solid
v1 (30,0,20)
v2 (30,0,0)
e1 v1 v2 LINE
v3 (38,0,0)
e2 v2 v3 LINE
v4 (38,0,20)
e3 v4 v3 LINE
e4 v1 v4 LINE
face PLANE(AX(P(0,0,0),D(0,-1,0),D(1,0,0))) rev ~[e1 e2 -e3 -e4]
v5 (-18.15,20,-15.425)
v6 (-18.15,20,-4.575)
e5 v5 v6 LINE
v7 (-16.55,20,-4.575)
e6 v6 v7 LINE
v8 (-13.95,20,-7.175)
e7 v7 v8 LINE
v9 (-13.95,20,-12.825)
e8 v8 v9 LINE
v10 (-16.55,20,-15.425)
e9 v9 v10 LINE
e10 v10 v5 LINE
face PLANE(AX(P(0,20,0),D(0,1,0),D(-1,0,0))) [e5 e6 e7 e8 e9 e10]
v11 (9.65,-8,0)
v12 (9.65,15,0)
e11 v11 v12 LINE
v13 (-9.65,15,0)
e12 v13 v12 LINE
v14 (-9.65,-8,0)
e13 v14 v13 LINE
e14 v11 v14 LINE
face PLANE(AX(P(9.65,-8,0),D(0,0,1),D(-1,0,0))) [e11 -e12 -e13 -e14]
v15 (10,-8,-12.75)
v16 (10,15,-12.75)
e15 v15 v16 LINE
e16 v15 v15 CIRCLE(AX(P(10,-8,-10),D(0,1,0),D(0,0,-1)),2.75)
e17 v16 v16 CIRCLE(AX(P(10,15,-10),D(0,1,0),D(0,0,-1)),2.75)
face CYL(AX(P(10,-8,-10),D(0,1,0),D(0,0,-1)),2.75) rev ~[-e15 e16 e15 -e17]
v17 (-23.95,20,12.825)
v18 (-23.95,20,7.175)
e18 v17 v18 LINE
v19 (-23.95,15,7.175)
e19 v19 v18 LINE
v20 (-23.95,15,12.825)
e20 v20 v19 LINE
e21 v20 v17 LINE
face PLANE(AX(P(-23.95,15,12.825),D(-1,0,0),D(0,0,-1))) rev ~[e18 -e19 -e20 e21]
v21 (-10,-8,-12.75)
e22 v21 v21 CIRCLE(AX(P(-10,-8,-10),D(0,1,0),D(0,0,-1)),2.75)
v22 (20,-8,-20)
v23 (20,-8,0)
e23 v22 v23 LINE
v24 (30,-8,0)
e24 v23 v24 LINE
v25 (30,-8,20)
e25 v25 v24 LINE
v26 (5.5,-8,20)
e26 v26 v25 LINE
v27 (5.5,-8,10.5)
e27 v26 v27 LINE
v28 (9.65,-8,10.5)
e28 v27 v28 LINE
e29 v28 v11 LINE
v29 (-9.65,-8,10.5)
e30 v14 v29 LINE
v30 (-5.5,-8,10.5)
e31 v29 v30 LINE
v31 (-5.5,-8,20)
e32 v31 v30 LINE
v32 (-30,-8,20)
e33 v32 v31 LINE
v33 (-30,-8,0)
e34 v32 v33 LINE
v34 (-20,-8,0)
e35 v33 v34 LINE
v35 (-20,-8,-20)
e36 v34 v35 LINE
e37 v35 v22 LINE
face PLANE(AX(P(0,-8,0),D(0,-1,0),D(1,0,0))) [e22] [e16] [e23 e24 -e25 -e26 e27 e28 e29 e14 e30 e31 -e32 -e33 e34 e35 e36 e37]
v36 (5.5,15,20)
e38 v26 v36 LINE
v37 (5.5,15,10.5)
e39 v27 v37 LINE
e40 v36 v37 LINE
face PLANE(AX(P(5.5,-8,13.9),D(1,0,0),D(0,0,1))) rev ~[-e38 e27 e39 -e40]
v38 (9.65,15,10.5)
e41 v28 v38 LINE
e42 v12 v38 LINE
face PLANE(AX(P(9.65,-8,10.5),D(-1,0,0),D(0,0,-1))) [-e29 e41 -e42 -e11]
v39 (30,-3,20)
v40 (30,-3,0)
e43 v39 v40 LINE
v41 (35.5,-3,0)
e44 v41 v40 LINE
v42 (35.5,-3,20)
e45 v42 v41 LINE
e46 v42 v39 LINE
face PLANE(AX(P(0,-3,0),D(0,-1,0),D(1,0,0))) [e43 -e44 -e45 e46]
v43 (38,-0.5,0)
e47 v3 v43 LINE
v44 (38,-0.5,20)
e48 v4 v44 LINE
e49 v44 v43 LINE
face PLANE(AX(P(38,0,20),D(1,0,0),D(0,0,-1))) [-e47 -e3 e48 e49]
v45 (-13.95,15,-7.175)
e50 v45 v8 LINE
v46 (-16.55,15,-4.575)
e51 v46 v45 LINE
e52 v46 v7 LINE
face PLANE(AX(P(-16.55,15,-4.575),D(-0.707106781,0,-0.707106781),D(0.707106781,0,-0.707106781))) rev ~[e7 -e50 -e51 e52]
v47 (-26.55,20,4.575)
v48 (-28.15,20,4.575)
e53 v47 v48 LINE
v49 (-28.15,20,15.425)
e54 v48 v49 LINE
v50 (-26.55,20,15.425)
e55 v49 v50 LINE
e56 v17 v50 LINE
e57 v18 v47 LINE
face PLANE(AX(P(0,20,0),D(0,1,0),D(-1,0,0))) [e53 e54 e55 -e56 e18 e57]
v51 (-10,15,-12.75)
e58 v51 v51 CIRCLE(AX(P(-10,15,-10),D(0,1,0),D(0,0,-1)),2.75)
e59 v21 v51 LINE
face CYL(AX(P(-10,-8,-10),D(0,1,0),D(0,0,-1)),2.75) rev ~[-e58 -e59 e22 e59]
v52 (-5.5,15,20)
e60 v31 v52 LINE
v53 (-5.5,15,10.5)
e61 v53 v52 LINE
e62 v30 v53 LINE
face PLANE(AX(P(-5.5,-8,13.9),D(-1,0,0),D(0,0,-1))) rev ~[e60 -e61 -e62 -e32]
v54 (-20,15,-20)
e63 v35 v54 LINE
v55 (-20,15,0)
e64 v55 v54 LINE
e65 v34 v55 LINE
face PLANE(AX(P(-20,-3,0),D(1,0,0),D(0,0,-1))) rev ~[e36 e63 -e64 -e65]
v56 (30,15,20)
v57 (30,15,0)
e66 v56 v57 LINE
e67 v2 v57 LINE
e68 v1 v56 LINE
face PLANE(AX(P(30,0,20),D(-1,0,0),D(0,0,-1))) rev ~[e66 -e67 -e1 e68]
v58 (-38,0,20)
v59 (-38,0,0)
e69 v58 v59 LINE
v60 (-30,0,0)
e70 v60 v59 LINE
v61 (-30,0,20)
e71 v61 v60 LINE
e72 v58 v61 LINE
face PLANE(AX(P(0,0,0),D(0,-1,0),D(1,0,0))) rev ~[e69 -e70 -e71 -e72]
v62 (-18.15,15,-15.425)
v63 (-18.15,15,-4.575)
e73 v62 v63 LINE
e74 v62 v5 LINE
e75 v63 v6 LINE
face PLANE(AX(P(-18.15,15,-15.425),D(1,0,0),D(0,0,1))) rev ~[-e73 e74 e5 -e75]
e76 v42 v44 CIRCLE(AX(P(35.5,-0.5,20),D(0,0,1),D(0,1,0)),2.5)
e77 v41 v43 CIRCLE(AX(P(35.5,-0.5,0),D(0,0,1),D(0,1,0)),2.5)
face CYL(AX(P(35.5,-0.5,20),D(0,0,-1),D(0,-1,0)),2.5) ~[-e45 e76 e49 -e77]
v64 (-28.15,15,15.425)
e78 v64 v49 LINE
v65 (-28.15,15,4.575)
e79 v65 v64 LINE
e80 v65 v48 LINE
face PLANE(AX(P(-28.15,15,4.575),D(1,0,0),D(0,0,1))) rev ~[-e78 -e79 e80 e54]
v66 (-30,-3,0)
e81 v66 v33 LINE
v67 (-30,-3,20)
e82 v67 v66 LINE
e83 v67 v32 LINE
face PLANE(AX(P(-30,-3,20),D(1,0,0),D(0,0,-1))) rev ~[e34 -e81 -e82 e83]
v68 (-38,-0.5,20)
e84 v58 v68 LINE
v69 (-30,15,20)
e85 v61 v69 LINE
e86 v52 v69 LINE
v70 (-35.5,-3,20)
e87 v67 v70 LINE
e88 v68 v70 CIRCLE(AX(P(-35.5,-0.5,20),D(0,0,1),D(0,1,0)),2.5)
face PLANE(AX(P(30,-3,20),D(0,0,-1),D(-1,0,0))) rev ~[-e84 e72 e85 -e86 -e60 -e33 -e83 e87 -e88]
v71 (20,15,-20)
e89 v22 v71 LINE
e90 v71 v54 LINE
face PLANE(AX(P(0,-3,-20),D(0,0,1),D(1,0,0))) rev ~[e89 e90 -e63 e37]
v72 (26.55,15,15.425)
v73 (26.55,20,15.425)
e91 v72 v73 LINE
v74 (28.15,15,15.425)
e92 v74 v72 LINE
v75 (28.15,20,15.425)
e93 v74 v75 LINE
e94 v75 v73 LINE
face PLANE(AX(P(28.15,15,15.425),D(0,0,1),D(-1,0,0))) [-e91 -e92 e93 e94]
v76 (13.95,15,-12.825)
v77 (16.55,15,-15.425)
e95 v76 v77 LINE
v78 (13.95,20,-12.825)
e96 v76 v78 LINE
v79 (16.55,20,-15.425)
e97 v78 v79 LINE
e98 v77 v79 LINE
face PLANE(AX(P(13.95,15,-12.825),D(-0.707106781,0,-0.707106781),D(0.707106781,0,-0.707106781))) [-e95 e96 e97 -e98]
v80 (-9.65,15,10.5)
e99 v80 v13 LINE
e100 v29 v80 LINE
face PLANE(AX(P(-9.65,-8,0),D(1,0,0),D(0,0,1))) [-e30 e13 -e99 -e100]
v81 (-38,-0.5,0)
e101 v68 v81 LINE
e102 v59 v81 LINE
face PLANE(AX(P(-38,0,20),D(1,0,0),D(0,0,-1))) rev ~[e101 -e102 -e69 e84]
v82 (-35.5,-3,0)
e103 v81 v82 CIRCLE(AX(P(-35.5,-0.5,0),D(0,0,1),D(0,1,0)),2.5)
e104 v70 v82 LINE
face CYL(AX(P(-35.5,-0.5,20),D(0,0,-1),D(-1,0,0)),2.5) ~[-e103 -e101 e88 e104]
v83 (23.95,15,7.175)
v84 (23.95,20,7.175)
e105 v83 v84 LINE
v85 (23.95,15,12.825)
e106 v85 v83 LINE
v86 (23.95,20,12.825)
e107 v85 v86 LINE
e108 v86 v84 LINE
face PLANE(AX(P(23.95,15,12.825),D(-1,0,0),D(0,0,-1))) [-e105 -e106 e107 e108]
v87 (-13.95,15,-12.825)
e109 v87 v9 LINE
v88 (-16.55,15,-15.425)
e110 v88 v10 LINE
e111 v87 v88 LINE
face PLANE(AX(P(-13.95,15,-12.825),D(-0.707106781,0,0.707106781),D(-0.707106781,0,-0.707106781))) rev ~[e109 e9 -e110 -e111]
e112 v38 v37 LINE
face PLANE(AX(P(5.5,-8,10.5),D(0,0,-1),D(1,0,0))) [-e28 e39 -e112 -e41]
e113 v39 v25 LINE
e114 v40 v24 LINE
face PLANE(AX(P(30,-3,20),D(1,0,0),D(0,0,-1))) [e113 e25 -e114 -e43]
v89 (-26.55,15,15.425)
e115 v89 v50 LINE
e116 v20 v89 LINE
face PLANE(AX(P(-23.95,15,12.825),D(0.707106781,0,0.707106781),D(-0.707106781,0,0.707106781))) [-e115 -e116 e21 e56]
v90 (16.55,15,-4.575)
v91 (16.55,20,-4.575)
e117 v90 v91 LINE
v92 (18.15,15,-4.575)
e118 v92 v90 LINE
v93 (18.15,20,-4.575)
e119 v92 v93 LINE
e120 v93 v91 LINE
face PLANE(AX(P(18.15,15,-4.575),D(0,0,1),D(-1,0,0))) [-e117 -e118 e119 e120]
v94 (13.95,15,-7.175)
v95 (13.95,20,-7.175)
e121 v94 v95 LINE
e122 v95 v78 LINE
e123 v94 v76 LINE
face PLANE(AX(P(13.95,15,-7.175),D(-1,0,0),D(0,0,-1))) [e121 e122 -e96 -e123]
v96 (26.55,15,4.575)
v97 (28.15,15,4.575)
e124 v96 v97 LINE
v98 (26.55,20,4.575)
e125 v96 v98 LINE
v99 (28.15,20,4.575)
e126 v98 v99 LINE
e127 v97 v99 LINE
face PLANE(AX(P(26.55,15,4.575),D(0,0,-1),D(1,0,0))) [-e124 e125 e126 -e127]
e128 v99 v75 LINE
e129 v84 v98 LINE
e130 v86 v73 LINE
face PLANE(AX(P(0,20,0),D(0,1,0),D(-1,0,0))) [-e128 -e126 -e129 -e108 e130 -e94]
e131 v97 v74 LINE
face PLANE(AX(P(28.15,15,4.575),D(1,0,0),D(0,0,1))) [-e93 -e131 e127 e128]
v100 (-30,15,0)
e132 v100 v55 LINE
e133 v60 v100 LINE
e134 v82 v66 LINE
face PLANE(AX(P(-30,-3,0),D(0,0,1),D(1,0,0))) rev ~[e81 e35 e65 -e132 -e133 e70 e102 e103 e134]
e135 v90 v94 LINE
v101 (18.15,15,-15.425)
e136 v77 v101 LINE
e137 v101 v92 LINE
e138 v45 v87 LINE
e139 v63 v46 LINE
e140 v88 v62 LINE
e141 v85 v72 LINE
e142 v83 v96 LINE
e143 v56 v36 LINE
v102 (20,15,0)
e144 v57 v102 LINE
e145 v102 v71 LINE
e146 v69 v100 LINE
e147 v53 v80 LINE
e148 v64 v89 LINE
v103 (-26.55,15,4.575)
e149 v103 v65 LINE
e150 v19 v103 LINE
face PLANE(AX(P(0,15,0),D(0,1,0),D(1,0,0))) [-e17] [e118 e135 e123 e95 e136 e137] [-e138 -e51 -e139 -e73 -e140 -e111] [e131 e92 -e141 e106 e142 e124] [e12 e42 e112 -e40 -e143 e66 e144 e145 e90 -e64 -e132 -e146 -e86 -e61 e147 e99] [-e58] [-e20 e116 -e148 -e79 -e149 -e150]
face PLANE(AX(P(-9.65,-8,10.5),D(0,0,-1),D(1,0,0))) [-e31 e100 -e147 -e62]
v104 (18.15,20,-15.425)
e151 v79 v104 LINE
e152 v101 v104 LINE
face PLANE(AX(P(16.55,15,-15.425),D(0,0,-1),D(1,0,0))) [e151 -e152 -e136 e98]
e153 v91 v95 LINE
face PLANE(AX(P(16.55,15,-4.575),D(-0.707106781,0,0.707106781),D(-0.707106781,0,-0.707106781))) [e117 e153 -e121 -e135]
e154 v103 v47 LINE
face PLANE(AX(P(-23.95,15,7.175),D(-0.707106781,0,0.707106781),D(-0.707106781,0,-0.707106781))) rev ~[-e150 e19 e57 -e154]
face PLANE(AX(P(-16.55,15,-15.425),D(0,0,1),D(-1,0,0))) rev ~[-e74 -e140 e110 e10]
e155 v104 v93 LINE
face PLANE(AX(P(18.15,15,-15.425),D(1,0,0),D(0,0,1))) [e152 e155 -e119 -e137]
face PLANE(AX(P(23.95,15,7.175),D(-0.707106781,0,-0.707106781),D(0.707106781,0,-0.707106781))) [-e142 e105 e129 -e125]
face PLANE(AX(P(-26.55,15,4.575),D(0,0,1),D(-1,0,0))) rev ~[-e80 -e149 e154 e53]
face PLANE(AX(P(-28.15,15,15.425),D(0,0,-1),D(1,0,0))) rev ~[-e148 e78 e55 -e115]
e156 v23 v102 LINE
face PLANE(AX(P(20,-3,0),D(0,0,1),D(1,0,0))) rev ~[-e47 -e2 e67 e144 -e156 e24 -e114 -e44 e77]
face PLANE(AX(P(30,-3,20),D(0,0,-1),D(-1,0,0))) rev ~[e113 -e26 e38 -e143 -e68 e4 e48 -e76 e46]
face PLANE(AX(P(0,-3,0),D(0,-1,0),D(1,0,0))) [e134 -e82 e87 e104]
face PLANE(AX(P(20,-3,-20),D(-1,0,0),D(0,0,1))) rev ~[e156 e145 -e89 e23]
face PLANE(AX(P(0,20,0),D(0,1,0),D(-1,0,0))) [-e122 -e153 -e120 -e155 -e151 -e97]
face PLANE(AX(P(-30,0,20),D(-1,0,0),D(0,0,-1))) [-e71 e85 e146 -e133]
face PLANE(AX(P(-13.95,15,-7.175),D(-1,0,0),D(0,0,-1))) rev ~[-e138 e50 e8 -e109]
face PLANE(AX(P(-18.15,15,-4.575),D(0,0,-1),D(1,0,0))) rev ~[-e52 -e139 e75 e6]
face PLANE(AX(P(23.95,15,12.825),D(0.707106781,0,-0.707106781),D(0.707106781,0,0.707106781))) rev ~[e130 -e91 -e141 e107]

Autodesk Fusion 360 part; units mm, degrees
sketch "Sketch1" plane through (0, 0, 0) normal (0, 1, 0) x (1, 0, 0)
  line L0 (0, 0) -> (0, -20) construction
  line L1 (0, -20) -> (30, -20)
  line L2 (30, -20) -> (30, 0)
  line L3 (30, 0) -> (20, 0)
  line L4 (20, 0) -> (20, 20)
  line L5 (20, 20) -> (0, 20)
  line L6 (-20, 0) -> (-20, 20)
  line L7 (-30, 0) -> (-20, 0)
  line L8 (-30, -20) -> (-30, 0)
  line L9 (-20, 20) -> (0, 20)
  line L10 (0, -20) -> (-30, -20)
  dimension "d1" = 20
  dimension "d2" = 30
extrude "Extrude1" add sketch "Sketch1" along normal blind 15
sketch "Sketch2" plane through (0, 0, 0) normal (0, -1, 0) x (1, 0, 0)
  line L0 (30, 0) -> (30, 20)
  line L1 (30, 20) -> (-30, 20)
  line L2 (-30, 20) -> (-30, 0)
  line L3 (-30, 0) -> (-20, 0)
  line L4 (-20, 0) -> (-20, -20)
  line L5 (-20, -20) -> (20, -20)
  line L6 (20, -20) -> (20, 0)
  line L7 (20, 0) -> (30, 0)
  line L8 (30, 20) -> (38, 20)
  line L9 (38, 20) -> (38, 0)
  line L10 (38, 0) -> (30, 0)
  line L11 (30, 0) -> (30, 20)
  line L12 (-30, 20) -> (-38, 20)
  line L13 (-38, 20) -> (-38, 0)
  line L14 (-38, 0) -> (-30, 0)
  line L15 (-30, 0) -> (-30, 20)
  dimension "d5" = 8
  dimension "d6" = 8
  dimension "d7" = 20
extrude "Extrude2" add sketch "Sketch2" along normal blind 3
sketch "Sketch3" plane through (0, -3, 0) normal (0, -1, 0) x (1, 0, 0)
  line L0 (38, 20) -> (-38, 20)
  line L1 (-38, 20) -> (-38, 0)
  line L2 (-38, 0) -> (-20, 0)
  line L3 (-20, 0) -> (-20, -20)
  line L4 (-20, -20) -> (20, -20)
  line L5 (20, -20) -> (20, 0)
  line L6 (20, 0) -> (38, 0)
  line L7 (38, 0) -> (38, 20)
  line L8 (-30, 20) -> (-30, 0)
  line L9 (0, 20) -> (-30, 20)
  line L10 (30, 20) -> (30, 0)
  line L11 (0, 20) -> (30, 20)
  line L12 (30, 0) -> (20, 0)
  line L13 (20, 0) -> (20, -20)
  line L14 (20, -20) -> (0, -20)
  line L15 (-20, -20) -> (0, -20)
  line L16 (-20, 0) -> (-20, -20)
  line L17 (-30, 0) -> (-20, 0)
extrude "Extrude3" add sketch "Sketch3" along normal blind 5 contours L0 L2 L3 L4 L5 L6 L8 L9 L10 L11 L12 L13 L14 L15 L16 L17
fillet "Fillet1" radius 2.5 2 edges at (38, -3, 10) (-38, -3, 10)
sketch "Sketch4" plane through (0, -8, 0) normal (0, -1, 0) x (1, 0, 0)
  line L0 (30, 20) -> (-30, 20)
  line L1 (-30, 20) -> (-30, 0)
  line L2 (-30, 0) -> (-20, 0)
  line L3 (-20, 0) -> (-20, -20)
  line L4 (-20, -20) -> (20, -20)
  line L5 (20, -20) -> (20, 0)
  line L6 (20, 0) -> (30, 0)
  line L7 (30, 0) -> (30, 20)
  line L8 (-20, -10) -> (20, -10) construction
  line L9 (20, 0) -> (20, -20)
  line L10 (-5.5, 20) -> (0, 20)
  line L11 (0, 20) -> (0, 13.9)
  line L12 (0, 13.9) -> (-5.5, 13.9)
  line L13 (-5.5, 13.9) -> (-5.5, 20)
  line L14 (0, 13.9) -> (5.5, 13.9)
  line L15 (5.5, 13.9) -> (5.5, 20)
  line L16 (5.5, 20) -> (0, 20)
  line L17 (14.8575, 20) -> (-15.1425, 20)
  line L18 (-15.1425, 20) -> (-15.1425, 10.5)
  line L19 (-15.1425, 10.5) -> (14.8575, 10.5)
  line L20 (14.8575, 10.5) -> (14.8575, 20)
  line L21 (14.8575, 20) -> (-15.1425, 10.5) construction
  line L22 (-15.1425, 20) -> (14.8575, 10.5) construction
  line L23 (9.65, 0) -> (-9.65, 0)
  line L24 (-9.65, 0) -> (-9.65, 10.5)
  line L25 (-9.65, 10.5) -> (9.65, 10.5)
  line L26 (9.65, 10.5) -> (9.65, 0)
  line L27 (9.65, 0) -> (-9.65, 10.5) construction
  line L28 (-9.65, 0) -> (9.65, 10.5) construction
  line L29 (5.5, 13.9) -> (14.8575, 13.9)
  line L30 (-15.1425, 13.9) -> (-5.5, 13.9)
  line L31 (-5.5, 13.9) -> (-5.5, 10.5)
  line L32 (5.5, 13.9) -> (5.5, 10.5)
  point P0 (-10, -10)
  point P1 (10, -10)
  point P2 (-0.1425, 15.25)
  point P3 (0, 5.25)
  dimension "d14" = 10
  dimension "d15" = 10
  dimension "d19" = 5.5
  dimension "d20" = 6.1
  dimension "d21" = 24.5
  dimension "d37" = 30
  dimension "d38" = 9.5
  dimension "d39" = 19.3
  dimension "d40" = 10.5
hole "Hole1" at (10, -8, -10) at (-10, -8, -10) direction (0, 1, 0) diameter 5.5 end through all
extrude "Extrude4" cut sketch "Sketch4" against normal through all contours L0 L11 L14 L15 L16 L17 | L0 L10 L11 L12 L13 L17 | L12 L14 L19 L25 L31 L32 | L19 L23 L24 L25 L26
sketch "Sketch5" plane through (0, 15, 0) normal (0, 1, 0) x (-1, 0, 0)
  line L0 (-5.5, 20) -> (-30, 20)
  line L1 (-30, 20) -> (-30, 0)
  line L2 (-30, 0) -> (-20, 0)
  line L3 (-20, 0) -> (-20, -20)
  line L4 (-20, -20) -> (20, -20)
  line L5 (20, -20) -> (20, 0)
  line L6 (20, 0) -> (30, 0)
  line L7 (30, 0) -> (30, 20)
  line L8 (30, 20) -> (5.5, 20)
  circle A0 centre (-10, -10) radius 2.75
  circle A1 centre (10, -10) radius 2.75
  line L9 (0, 13.9) -> (0, -20) construction
  line L10 (-20, -10) -> (20, -10) construction
  line L11 (-16.55, -15.425) -> (-18.15, -15.425)
  line L12 (-18.15, -15.425) -> (-18.15, -4.575)
  line L13 (-18.15, -4.575) -> (-16.55, -4.575)
  line L14 (-16.55, -4.575) -> (-16.55, -15.425)
  line L15 (-16.55, -15.425) -> (-18.15, -4.575) construction
  line L16 (-18.15, -15.425) -> (-16.55, -4.575) construction
  line L17 (-13.95, -12.825) -> (-16.55, -12.825)
  line L18 (-16.55, -12.825) -> (-16.55, -7.175)
  line L19 (-16.55, -7.175) -> (-13.95, -7.175)
  line L20 (-13.95, -7.175) -> (-13.95, -12.825)
  line L21 (-13.95, -12.825) -> (-16.55, -7.175) construction
  line L22 (-16.55, -12.825) -> (-13.95, -7.175) construction
  line L23 (-16.55, -4.575) -> (-13.95, -7.175)
  line L24 (-13.95, -12.825) -> (-16.55, -15.425)
  line L25 (18.15, -4.575) -> (16.55, -4.575)
  line L26 (16.55, -4.575) -> (13.95, -7.175)
  line L27 (13.95, -7.175) -> (13.95, -12.825)
  line L28 (13.95, -12.825) -> (16.55, -15.425)
  line L29 (16.55, -15.425) -> (18.15, -15.425)
  line L30 (18.15, -15.425) -> (18.15, -4.575)
  line L31 (-30, 10) -> (30, 10) construction
  line L32 (-26.55, 4.575) -> (-28.15, 4.575)
  line L33 (-28.15, 4.575) -> (-28.15, 15.425)
  line L34 (-28.15, 15.425) -> (-26.55, 15.425)
  line L35 (-26.55, 15.425) -> (-26.55, 4.575)
  line L36 (-26.55, 4.575) -> (-28.15, 15.425) construction
  line L37 (-28.15, 4.575) -> (-26.55, 15.425) construction
  line L38 (-23.95, 7.175) -> (-26.55, 7.175)
  line L39 (-26.55, 7.175) -> (-26.55, 12.825)
  line L40 (-26.55, 12.825) -> (-23.95, 12.825)
  line L41 (-23.95, 12.825) -> (-23.95, 7.175)
  line L42 (-23.95, 7.175) -> (-26.55, 12.825) construction
  line L43 (-26.55, 7.175) -> (-23.95, 12.825) construction
  line L44 (-23.95, 12.825) -> (-26.55, 15.425)
  line L45 (-23.95, 7.175) -> (-26.55, 4.575)
  line L46 (23.95, 7.175) -> (26.55, 4.575)
  line L47 (23.95, 12.825) -> (23.95, 7.175)
  line L48 (23.95, 12.825) -> (26.55, 15.425)
  line L49 (28.15, 15.425) -> (26.55, 15.425)
  line L50 (28.15, 4.575) -> (28.15, 15.425)
  line L51 (26.55, 4.575) -> (28.15, 4.575)
  line L52 (5.5, 10.5) -> (9.65, 10.5)
  line L53 (9.65, 10.5) -> (9.65, 0)
  line L54 (9.65, 0) -> (-9.65, 0)
  line L55 (-9.65, 0) -> (-9.65, 10.5)
  line L56 (-9.65, 10.5) -> (-5.5, 10.5)
  line L57 (-5.5, 10.5) -> (-5.5, 20)
  line L58 (5.5, 20) -> (5.5, 10.5)
  point P0 (-17.35, -10)
  point P1 (-15.25, -10)
  point P2 (-27.35, 10)
  point P3 (-25.25, 10)
  dimension "d24" = 1.6
  dimension "d25" = 10.85
  dimension "d26" = 1.85
  dimension "d28" = 5.65
  dimension "d31" = 45
  dimension "d32" = 1.6
  dimension "d33" = 10.85
  dimension "d34" = 5.65
  dimension "d35" = 45
  dimension "d36" = 1.85
extrude "Extrude5" add sketch "Sketch5" along normal blind 5 contours L11 L12 L13 L14 L18 | L14 L17 L24 | L14 L17 L18 L19 L20 | L14 L19 L23 | L25 L26 L27 L28 L29 L30 | L32 L33 L34 L35 L39 | L35 L38 L45 | L35 L38 L39 L40 L41 | L35 L40 L44 | L46 L47 L48 L49 L50 L51
